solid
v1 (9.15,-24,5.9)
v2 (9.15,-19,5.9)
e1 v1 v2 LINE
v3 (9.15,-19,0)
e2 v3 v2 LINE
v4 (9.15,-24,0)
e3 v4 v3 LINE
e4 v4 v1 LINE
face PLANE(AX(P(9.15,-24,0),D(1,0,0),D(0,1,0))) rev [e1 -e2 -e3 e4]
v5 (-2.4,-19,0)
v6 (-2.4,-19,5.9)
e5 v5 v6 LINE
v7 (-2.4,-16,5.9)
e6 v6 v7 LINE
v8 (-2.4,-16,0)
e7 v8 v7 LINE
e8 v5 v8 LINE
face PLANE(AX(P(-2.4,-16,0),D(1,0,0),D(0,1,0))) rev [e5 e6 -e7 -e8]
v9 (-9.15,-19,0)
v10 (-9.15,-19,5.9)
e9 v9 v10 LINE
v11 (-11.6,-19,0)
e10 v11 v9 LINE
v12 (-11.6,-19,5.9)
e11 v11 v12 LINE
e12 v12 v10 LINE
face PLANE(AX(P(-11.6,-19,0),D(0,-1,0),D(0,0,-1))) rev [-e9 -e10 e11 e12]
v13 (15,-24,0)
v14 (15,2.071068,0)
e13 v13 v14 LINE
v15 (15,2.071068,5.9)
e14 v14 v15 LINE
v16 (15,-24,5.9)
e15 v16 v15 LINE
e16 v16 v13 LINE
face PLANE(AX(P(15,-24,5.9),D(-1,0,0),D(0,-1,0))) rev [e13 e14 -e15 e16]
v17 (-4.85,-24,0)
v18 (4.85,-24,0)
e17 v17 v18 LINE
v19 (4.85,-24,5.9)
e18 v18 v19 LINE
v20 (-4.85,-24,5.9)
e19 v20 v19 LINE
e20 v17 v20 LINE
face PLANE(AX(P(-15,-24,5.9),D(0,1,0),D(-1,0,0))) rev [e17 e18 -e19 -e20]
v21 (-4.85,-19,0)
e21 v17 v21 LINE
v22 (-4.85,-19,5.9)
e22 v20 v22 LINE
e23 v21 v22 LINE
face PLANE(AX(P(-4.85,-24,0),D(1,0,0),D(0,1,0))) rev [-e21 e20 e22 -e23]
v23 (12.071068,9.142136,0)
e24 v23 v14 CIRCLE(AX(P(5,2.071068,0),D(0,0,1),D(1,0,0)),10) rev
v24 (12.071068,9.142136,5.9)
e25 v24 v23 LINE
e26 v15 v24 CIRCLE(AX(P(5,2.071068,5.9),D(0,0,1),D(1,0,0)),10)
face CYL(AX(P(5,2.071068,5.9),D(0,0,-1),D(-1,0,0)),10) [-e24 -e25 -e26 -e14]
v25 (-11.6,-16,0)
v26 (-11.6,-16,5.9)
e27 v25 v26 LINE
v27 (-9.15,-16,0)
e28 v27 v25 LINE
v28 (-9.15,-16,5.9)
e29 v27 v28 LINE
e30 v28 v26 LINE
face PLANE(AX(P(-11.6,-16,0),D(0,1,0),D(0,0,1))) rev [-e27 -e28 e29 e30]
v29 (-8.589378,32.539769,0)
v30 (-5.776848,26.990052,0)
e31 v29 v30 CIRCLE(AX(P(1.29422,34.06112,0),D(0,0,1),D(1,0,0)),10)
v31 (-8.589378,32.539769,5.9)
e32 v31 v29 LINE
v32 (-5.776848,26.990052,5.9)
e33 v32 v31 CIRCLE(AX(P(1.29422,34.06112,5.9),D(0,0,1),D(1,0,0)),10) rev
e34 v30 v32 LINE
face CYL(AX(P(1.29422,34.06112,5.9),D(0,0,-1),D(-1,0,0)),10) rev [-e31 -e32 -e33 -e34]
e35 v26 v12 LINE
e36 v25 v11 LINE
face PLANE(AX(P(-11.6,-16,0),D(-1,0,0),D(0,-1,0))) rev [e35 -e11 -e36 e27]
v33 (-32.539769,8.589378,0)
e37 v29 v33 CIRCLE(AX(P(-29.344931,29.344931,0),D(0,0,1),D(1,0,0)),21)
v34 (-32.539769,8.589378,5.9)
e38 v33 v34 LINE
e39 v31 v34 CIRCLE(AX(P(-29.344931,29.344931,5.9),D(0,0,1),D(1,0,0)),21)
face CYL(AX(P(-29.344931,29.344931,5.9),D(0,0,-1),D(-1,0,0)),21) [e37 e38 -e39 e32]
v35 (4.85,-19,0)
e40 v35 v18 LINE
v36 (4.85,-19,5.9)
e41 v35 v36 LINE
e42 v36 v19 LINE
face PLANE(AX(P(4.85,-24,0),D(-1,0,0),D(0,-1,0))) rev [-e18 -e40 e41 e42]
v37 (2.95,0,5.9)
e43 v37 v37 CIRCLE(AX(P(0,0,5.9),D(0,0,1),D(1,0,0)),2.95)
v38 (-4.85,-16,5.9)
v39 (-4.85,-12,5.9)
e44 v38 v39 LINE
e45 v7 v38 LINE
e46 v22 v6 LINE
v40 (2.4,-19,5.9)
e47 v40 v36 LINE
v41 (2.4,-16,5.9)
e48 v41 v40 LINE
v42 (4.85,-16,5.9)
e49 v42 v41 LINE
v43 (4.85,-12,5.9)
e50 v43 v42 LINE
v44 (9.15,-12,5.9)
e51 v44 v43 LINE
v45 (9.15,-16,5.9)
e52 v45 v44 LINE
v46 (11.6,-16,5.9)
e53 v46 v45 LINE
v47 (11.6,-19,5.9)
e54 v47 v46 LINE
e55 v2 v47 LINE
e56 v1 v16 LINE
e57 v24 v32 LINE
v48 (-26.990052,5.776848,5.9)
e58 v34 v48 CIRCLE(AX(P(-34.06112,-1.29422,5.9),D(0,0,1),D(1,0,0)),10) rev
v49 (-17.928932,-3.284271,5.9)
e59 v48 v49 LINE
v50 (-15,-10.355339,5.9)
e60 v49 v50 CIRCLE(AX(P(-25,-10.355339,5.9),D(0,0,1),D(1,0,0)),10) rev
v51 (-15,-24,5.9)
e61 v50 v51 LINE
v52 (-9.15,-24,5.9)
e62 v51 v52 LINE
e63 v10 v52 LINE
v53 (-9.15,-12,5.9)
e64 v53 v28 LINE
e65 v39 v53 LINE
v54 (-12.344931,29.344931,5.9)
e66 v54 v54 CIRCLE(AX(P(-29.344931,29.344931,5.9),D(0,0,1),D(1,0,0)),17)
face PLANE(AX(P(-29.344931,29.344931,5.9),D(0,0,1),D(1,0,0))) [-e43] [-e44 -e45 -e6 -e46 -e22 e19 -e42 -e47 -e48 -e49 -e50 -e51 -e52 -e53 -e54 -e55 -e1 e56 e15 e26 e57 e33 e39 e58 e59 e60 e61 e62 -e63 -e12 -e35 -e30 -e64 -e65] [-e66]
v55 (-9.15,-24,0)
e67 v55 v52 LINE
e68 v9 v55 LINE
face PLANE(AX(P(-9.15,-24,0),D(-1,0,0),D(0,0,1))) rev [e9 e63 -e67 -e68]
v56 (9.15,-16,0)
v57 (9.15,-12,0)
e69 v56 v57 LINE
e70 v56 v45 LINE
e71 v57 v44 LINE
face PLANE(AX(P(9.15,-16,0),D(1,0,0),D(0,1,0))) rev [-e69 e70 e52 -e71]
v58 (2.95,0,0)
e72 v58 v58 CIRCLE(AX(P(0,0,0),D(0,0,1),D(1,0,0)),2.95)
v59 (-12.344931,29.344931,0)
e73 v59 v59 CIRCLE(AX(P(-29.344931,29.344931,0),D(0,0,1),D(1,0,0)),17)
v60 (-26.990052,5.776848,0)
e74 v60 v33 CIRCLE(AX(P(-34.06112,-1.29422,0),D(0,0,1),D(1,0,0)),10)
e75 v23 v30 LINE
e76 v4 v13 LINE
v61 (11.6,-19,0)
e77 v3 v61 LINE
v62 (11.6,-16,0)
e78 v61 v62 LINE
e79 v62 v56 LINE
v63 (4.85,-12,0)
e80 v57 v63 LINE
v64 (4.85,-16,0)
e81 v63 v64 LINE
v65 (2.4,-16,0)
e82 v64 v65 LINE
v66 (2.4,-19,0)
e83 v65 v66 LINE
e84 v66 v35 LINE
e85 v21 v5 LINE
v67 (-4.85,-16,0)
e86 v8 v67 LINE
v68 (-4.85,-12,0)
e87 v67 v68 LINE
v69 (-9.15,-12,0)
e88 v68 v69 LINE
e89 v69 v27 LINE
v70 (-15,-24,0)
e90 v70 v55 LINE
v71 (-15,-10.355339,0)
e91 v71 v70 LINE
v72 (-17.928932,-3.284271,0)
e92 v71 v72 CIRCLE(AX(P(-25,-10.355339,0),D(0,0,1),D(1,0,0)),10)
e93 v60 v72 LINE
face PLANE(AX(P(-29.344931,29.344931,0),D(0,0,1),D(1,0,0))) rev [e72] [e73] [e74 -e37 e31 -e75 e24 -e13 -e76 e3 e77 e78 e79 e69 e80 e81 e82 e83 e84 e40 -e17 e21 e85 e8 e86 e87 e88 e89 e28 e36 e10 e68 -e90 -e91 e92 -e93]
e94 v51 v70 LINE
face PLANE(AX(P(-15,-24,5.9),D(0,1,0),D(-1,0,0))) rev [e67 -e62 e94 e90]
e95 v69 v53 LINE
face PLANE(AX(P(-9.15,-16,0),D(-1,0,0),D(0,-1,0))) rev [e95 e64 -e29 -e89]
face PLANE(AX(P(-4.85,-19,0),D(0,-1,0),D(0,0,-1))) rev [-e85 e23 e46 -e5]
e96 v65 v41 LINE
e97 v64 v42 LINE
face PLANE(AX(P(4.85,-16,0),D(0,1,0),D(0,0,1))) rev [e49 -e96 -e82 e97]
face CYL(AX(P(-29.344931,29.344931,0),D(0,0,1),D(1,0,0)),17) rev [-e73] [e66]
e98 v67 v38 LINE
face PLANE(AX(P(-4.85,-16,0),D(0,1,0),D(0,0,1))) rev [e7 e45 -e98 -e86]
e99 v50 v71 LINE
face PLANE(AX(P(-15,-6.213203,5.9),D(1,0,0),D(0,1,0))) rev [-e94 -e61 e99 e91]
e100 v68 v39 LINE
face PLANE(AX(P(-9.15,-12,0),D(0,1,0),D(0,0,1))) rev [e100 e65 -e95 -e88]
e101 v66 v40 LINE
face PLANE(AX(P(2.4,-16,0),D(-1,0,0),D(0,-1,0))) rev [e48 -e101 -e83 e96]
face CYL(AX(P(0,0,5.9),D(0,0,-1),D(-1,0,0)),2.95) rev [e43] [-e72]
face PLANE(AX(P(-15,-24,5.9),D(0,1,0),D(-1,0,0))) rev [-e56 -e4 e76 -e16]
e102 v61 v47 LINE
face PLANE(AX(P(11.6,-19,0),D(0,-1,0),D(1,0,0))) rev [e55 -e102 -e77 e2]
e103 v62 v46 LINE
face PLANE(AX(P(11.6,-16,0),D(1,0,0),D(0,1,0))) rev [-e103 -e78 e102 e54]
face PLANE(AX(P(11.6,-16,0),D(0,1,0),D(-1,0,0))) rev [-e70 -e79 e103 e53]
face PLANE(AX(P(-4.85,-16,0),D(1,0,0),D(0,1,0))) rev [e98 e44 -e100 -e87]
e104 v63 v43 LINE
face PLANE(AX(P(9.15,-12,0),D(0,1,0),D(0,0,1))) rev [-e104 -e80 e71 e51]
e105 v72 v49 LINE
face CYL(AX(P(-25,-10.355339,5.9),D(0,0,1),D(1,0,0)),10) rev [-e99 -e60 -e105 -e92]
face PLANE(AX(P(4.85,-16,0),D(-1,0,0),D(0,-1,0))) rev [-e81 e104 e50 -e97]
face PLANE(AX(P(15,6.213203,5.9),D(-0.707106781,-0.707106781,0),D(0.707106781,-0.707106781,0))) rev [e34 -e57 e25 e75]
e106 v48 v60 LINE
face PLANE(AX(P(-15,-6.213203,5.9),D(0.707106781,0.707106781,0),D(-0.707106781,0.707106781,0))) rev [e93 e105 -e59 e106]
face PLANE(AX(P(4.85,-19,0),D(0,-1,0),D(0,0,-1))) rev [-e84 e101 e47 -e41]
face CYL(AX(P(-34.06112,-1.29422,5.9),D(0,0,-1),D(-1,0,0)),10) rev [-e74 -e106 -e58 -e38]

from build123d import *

# Parameters (mm, degrees)
SKETCH1_R           = 2.95
BOSS_EXTRUDE1_DEPTH = 5.9
SKETCH2_R           = 17
CUT_EXTRUDE1_DEPTH  = 72.442524026
CUT_EXTRUDE2_DEPTH  = 72.442524026
FILLET1_R           = 10


with BuildPart() as part:
    # Sketch1 → Boss-Extrude1 (new body)
    with BuildSketch(Plane.XY):
        with BuildLine():
            Line((-15, -6.213203436), (-15, -24))
            Line((-15, -24), (15, -24))
            Line((15, -24), (15, 6.213203436))
            Line((15, 6.213203436), (-8.346024856, 29.559228292))
            ThreePointArc((-8.346024856, 29.559228292), (-44.194173824, 44.194173824), (-29.559228292, 8.346024856))
            Line((-29.559228292, 8.346024856), (-15, -6.213203436))
        make_face()
        Circle(SKETCH1_R, mode=Mode.SUBTRACT)
    extrude(amount=BOSS_EXTRUDE1_DEPTH)

    # Sketch2 → Cut-Extrude1 (cut, through all)
    with BuildSketch(Plane.XY.offset(5.9)):
        with Locations((-29.344931419, 29.344931419)):
            Circle(SKETCH2_R)
    extrude(amount=-CUT_EXTRUDE1_DEPTH, mode=Mode.SUBTRACT)

    # Sketch3 → Cut-Extrude2 (cut, through all)
    with BuildSketch(Plane.XY.offset(5.9)):
        Polygon((-9.15, -24), (-4.85, -24), (-4.85, -19), (-2.4, -19), (-2.4, -16), (-4.85, -16), (-4.85, -12), (-9.15, -12), (-9.15, -16), (-11.6, -16), (-11.6, -19), (-9.15, -19), align=None)
        Polygon((4.85, -16), (4.85, -12), (9.15, -12), (9.15, -16), (11.6, -16), (11.6, -19), (9.15, -19), (9.15, -24), (4.85, -24), (4.85, -19), (2.4, -19), (2.4, -16), align=None)
    extrude(amount=-CUT_EXTRUDE2_DEPTH, mode=Mode.SUBTRACT)

    # Fillet1
    fillet1_edges = [part.edges().sort_by_distance(p)[0] for p in [
        (-8.346024856, 29.559228292, 2.95),
        (15, 6.213203436, 2.95),
        (-15, -6.213203436, 2.95),
        (-29.559228292, 8.346024856, 2.95),
    ]]
    fillet(fillet1_edges, radius=FILLET1_R)


solid = part.part
